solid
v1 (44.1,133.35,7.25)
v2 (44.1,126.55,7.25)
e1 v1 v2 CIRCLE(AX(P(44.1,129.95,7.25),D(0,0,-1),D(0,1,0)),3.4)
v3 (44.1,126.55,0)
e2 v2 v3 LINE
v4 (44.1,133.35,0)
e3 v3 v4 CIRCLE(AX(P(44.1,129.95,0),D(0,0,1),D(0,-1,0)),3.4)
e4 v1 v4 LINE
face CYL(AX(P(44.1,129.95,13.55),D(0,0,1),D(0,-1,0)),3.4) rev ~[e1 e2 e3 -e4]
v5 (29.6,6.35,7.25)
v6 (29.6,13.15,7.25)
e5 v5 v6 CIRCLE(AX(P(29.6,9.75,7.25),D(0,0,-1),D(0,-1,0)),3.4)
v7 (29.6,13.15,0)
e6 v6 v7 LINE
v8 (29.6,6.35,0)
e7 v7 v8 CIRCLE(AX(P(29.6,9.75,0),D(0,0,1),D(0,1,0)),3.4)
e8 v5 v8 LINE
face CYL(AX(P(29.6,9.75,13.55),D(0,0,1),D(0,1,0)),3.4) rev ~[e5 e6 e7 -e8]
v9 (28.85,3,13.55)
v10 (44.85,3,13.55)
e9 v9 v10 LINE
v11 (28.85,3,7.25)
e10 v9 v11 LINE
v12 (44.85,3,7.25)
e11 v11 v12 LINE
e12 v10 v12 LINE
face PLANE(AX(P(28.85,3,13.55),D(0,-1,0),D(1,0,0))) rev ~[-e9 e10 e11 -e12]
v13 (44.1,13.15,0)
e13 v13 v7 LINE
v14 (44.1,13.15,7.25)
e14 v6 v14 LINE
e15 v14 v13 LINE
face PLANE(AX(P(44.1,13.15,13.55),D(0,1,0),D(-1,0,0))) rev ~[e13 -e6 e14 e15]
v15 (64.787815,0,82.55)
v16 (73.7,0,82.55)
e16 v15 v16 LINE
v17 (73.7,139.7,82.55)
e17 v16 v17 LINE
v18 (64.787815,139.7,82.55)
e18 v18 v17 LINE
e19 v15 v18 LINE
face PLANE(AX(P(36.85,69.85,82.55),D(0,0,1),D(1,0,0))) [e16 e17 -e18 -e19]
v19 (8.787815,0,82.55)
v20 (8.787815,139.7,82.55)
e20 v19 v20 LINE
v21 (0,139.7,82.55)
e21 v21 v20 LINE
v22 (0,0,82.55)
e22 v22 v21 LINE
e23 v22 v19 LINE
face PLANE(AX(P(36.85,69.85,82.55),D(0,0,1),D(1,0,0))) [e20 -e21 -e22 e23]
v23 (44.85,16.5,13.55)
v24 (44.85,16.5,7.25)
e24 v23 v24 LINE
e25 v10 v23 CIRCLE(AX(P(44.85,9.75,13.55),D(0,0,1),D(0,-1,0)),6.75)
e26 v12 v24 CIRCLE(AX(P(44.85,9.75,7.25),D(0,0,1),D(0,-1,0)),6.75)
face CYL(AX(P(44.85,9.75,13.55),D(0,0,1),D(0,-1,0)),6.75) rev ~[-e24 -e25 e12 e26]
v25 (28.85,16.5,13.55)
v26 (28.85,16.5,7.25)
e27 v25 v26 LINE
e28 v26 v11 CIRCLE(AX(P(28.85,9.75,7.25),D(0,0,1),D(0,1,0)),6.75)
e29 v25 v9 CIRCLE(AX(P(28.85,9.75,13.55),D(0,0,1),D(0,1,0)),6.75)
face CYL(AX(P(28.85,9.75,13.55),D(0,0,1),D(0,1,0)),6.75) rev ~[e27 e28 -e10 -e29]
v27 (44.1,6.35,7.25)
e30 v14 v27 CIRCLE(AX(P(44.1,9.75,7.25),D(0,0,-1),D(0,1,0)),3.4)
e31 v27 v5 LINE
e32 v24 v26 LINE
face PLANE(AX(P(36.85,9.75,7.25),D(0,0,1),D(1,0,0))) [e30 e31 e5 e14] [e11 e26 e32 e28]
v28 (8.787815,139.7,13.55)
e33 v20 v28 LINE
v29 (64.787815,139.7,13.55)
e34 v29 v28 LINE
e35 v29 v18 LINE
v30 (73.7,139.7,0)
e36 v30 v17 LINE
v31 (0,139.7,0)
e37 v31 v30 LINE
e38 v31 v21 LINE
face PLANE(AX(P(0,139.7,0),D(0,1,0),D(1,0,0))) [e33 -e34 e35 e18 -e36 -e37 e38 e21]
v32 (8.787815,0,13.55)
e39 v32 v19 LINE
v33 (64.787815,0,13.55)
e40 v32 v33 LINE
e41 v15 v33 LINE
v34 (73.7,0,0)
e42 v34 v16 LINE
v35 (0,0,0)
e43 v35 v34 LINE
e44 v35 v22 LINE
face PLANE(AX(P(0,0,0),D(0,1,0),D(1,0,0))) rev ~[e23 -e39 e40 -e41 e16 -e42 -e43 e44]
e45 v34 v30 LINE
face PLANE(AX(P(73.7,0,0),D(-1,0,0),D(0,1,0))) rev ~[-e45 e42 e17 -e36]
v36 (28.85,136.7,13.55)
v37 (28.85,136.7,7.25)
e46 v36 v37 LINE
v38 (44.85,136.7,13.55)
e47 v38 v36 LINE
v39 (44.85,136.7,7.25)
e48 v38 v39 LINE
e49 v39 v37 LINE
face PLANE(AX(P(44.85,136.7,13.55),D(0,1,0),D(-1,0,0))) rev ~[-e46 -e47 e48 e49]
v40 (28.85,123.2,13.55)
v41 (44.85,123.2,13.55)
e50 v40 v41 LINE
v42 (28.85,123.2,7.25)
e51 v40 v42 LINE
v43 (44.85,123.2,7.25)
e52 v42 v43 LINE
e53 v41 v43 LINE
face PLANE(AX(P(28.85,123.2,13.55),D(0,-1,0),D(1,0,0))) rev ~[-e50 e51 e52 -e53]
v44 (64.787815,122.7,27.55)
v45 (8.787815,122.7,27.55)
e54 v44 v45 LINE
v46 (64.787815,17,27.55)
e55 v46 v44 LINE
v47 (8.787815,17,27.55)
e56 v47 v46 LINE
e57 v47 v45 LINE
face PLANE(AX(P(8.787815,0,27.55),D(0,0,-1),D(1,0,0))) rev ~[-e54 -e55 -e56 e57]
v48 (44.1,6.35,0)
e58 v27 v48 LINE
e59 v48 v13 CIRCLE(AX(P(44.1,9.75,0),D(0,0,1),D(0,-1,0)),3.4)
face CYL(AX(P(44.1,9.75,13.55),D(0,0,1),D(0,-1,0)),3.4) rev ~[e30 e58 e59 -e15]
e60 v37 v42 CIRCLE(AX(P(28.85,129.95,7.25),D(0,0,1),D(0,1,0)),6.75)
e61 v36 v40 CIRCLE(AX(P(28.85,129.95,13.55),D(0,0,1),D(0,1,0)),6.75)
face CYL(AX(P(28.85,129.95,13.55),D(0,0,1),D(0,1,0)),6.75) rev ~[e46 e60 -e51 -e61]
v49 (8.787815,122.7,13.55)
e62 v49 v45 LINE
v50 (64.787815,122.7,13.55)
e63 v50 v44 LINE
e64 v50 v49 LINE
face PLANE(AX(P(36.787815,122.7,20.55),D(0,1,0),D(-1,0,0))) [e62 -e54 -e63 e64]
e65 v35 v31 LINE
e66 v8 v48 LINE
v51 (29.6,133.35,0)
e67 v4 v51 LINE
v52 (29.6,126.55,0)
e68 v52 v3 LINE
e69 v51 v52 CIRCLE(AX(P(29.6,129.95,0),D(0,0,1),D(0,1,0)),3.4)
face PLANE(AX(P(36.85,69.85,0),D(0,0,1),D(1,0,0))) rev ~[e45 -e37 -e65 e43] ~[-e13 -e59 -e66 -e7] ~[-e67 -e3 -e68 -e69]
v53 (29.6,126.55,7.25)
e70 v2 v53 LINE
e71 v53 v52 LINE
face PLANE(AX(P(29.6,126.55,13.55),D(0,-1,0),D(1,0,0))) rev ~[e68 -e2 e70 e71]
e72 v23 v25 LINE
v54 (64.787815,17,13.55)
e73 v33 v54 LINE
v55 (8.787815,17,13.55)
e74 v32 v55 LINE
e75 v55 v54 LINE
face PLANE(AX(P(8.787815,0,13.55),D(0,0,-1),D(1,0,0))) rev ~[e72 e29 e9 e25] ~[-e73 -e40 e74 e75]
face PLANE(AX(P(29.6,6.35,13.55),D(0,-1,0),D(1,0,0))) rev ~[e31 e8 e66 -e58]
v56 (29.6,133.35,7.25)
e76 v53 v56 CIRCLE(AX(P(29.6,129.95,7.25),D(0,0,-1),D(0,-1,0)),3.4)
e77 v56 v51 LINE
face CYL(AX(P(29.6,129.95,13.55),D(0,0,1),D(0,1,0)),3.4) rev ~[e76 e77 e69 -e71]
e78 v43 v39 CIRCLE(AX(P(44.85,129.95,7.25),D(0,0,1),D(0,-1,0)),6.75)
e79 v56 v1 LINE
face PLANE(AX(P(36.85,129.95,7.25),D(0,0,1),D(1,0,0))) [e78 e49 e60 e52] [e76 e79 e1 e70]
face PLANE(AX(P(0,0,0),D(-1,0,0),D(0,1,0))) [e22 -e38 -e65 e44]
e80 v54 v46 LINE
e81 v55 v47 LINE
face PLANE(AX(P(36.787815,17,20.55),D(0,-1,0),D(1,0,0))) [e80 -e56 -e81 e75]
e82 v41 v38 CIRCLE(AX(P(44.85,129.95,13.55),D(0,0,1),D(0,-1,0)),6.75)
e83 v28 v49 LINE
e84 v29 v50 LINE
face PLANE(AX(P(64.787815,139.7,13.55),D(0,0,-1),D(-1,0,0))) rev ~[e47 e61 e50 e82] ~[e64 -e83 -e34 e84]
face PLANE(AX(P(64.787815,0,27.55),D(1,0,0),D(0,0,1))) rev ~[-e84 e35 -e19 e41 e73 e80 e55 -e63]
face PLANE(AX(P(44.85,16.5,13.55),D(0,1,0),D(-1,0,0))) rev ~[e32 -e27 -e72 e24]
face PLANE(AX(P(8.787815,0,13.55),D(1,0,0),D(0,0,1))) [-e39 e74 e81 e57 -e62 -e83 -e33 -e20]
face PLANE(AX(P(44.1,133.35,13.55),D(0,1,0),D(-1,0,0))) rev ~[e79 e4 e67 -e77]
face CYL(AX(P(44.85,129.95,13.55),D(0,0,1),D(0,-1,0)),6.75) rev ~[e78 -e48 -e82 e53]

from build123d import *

# Parameters (mm, degrees)
F0_W      = 73.7
F0_H      = 139.7
F1_DEPTH  = 82.55
F2_W      = 56
F2_H      = 55
F3_DEPTH  = 139.701
F4_W      = 56
F4_H      = 14
F5_DEPTH  = 17
F6_W      = 56
F6_H      = 14
F7_DEPTH  = 17
F9_DEPTH  = 6.3
F10_DEPTH = 13.551


with BuildPart() as f1:
    # F0 (on Top) → F1 (new body)
    with BuildSketch(Plane.XY):
        with Locations((36.85, 69.85)):
            Rectangle(F0_W, F0_H)
    extrude(amount=F1_DEPTH)

    # F2 (on face) → F3 (cut, through all)
    with BuildSketch(Plane.XZ):
        with Locations((36.787815, 55.05)):
            Rectangle(F2_W, F2_H)
    extrude(amount=-F3_DEPTH, mode=Mode.SUBTRACT)

    # F4 (on face) → F5 (cut)
    with BuildSketch(Plane.XZ):
        with Locations((36.787815, 20.55)):
            Rectangle(F4_W, F4_H)
    extrude(amount=-F5_DEPTH, mode=Mode.SUBTRACT)

    # F6 (on face) → F7 (cut)
    with BuildSketch(Plane(origin=(0, 139.7, 0), x_dir=(-1, 0, 0), z_dir=(0, 1, 0))):
        with Locations((-36.787815, 20.55)):
            Rectangle(F6_W, F6_H)
    extrude(amount=-F7_DEPTH, mode=Mode.SUBTRACT)

    # F8 (on face) → F9 (cut)
    with BuildSketch(Plane.XY.offset(13.55)):
        with BuildLine():
            Line((44.85, 136.7), (28.85, 136.7))
            ThreePointArc((28.85, 136.7), (22.1, 129.95), (28.85, 123.2))
            Line((28.85, 123.2), (44.85, 123.2))
            ThreePointArc((44.85, 123.2), (51.6, 129.95), (44.85, 136.7))
        make_face()
        with BuildLine():
            ThreePointArc((29.6, 126.55), (26.2, 129.95), (29.6, 133.35))
            Line((29.6, 133.35), (44.1, 133.35))
            ThreePointArc((44.1, 133.35), (47.5, 129.95), (44.1, 126.55))
            Line((44.1, 126.55), (29.6, 126.55))
        make_face(mode=Mode.SUBTRACT)
        with BuildLine():
            ThreePointArc((44.85, 3), (51.6, 9.75), (44.85, 16.5))
            Line((44.85, 16.5), (28.85, 16.5))
            ThreePointArc((28.85, 16.5), (22.1, 9.75), (28.85, 3))
            Line((28.85, 3), (44.85, 3))
        make_face()
        with BuildLine():
            Line((29.6, 13.15), (44.1, 13.15))
            ThreePointArc((44.1, 13.15), (47.5, 9.75), (44.1, 6.35))
            Line((44.1, 6.35), (29.6, 6.35))
            ThreePointArc((29.6, 6.35), (26.2, 9.75), (29.6, 13.15))
        make_face(mode=Mode.SUBTRACT)
    extrude(amount=-F9_DEPTH, mode=Mode.SUBTRACT)

    # F9_face (on face) → F10 (cut, through all)
    with BuildSketch(Plane(origin=(36.85, 129.95, 13.55), x_dir=(1, 0, 0), z_dir=(0, 0, 1))):
        with BuildLine():
            Line((-7.25, -3.4), (7.25, -3.4))
            ThreePointArc((7.25, -3.4), (10.65, 0), (7.25, 3.4))
            Line((7.25, 3.4), (-7.25, 3.4))
            ThreePointArc((-7.25, 3.4), (-10.65, 0), (-7.25, -3.4))
        make_face()
        with BuildLine():
            ThreePointArc((7.25, -123.6), (10.65, -120.2), (7.25, -116.8))
            Line((7.25, -116.8), (-7.25, -116.8))
            ThreePointArc((-7.25, -116.8), (-10.65, -120.2), (-7.25, -123.6))
            Line((-7.25, -123.6), (7.25, -123.6))
        make_face()
    extrude(amount=-F10_DEPTH, mode=Mode.SUBTRACT)


solid = f1.part
